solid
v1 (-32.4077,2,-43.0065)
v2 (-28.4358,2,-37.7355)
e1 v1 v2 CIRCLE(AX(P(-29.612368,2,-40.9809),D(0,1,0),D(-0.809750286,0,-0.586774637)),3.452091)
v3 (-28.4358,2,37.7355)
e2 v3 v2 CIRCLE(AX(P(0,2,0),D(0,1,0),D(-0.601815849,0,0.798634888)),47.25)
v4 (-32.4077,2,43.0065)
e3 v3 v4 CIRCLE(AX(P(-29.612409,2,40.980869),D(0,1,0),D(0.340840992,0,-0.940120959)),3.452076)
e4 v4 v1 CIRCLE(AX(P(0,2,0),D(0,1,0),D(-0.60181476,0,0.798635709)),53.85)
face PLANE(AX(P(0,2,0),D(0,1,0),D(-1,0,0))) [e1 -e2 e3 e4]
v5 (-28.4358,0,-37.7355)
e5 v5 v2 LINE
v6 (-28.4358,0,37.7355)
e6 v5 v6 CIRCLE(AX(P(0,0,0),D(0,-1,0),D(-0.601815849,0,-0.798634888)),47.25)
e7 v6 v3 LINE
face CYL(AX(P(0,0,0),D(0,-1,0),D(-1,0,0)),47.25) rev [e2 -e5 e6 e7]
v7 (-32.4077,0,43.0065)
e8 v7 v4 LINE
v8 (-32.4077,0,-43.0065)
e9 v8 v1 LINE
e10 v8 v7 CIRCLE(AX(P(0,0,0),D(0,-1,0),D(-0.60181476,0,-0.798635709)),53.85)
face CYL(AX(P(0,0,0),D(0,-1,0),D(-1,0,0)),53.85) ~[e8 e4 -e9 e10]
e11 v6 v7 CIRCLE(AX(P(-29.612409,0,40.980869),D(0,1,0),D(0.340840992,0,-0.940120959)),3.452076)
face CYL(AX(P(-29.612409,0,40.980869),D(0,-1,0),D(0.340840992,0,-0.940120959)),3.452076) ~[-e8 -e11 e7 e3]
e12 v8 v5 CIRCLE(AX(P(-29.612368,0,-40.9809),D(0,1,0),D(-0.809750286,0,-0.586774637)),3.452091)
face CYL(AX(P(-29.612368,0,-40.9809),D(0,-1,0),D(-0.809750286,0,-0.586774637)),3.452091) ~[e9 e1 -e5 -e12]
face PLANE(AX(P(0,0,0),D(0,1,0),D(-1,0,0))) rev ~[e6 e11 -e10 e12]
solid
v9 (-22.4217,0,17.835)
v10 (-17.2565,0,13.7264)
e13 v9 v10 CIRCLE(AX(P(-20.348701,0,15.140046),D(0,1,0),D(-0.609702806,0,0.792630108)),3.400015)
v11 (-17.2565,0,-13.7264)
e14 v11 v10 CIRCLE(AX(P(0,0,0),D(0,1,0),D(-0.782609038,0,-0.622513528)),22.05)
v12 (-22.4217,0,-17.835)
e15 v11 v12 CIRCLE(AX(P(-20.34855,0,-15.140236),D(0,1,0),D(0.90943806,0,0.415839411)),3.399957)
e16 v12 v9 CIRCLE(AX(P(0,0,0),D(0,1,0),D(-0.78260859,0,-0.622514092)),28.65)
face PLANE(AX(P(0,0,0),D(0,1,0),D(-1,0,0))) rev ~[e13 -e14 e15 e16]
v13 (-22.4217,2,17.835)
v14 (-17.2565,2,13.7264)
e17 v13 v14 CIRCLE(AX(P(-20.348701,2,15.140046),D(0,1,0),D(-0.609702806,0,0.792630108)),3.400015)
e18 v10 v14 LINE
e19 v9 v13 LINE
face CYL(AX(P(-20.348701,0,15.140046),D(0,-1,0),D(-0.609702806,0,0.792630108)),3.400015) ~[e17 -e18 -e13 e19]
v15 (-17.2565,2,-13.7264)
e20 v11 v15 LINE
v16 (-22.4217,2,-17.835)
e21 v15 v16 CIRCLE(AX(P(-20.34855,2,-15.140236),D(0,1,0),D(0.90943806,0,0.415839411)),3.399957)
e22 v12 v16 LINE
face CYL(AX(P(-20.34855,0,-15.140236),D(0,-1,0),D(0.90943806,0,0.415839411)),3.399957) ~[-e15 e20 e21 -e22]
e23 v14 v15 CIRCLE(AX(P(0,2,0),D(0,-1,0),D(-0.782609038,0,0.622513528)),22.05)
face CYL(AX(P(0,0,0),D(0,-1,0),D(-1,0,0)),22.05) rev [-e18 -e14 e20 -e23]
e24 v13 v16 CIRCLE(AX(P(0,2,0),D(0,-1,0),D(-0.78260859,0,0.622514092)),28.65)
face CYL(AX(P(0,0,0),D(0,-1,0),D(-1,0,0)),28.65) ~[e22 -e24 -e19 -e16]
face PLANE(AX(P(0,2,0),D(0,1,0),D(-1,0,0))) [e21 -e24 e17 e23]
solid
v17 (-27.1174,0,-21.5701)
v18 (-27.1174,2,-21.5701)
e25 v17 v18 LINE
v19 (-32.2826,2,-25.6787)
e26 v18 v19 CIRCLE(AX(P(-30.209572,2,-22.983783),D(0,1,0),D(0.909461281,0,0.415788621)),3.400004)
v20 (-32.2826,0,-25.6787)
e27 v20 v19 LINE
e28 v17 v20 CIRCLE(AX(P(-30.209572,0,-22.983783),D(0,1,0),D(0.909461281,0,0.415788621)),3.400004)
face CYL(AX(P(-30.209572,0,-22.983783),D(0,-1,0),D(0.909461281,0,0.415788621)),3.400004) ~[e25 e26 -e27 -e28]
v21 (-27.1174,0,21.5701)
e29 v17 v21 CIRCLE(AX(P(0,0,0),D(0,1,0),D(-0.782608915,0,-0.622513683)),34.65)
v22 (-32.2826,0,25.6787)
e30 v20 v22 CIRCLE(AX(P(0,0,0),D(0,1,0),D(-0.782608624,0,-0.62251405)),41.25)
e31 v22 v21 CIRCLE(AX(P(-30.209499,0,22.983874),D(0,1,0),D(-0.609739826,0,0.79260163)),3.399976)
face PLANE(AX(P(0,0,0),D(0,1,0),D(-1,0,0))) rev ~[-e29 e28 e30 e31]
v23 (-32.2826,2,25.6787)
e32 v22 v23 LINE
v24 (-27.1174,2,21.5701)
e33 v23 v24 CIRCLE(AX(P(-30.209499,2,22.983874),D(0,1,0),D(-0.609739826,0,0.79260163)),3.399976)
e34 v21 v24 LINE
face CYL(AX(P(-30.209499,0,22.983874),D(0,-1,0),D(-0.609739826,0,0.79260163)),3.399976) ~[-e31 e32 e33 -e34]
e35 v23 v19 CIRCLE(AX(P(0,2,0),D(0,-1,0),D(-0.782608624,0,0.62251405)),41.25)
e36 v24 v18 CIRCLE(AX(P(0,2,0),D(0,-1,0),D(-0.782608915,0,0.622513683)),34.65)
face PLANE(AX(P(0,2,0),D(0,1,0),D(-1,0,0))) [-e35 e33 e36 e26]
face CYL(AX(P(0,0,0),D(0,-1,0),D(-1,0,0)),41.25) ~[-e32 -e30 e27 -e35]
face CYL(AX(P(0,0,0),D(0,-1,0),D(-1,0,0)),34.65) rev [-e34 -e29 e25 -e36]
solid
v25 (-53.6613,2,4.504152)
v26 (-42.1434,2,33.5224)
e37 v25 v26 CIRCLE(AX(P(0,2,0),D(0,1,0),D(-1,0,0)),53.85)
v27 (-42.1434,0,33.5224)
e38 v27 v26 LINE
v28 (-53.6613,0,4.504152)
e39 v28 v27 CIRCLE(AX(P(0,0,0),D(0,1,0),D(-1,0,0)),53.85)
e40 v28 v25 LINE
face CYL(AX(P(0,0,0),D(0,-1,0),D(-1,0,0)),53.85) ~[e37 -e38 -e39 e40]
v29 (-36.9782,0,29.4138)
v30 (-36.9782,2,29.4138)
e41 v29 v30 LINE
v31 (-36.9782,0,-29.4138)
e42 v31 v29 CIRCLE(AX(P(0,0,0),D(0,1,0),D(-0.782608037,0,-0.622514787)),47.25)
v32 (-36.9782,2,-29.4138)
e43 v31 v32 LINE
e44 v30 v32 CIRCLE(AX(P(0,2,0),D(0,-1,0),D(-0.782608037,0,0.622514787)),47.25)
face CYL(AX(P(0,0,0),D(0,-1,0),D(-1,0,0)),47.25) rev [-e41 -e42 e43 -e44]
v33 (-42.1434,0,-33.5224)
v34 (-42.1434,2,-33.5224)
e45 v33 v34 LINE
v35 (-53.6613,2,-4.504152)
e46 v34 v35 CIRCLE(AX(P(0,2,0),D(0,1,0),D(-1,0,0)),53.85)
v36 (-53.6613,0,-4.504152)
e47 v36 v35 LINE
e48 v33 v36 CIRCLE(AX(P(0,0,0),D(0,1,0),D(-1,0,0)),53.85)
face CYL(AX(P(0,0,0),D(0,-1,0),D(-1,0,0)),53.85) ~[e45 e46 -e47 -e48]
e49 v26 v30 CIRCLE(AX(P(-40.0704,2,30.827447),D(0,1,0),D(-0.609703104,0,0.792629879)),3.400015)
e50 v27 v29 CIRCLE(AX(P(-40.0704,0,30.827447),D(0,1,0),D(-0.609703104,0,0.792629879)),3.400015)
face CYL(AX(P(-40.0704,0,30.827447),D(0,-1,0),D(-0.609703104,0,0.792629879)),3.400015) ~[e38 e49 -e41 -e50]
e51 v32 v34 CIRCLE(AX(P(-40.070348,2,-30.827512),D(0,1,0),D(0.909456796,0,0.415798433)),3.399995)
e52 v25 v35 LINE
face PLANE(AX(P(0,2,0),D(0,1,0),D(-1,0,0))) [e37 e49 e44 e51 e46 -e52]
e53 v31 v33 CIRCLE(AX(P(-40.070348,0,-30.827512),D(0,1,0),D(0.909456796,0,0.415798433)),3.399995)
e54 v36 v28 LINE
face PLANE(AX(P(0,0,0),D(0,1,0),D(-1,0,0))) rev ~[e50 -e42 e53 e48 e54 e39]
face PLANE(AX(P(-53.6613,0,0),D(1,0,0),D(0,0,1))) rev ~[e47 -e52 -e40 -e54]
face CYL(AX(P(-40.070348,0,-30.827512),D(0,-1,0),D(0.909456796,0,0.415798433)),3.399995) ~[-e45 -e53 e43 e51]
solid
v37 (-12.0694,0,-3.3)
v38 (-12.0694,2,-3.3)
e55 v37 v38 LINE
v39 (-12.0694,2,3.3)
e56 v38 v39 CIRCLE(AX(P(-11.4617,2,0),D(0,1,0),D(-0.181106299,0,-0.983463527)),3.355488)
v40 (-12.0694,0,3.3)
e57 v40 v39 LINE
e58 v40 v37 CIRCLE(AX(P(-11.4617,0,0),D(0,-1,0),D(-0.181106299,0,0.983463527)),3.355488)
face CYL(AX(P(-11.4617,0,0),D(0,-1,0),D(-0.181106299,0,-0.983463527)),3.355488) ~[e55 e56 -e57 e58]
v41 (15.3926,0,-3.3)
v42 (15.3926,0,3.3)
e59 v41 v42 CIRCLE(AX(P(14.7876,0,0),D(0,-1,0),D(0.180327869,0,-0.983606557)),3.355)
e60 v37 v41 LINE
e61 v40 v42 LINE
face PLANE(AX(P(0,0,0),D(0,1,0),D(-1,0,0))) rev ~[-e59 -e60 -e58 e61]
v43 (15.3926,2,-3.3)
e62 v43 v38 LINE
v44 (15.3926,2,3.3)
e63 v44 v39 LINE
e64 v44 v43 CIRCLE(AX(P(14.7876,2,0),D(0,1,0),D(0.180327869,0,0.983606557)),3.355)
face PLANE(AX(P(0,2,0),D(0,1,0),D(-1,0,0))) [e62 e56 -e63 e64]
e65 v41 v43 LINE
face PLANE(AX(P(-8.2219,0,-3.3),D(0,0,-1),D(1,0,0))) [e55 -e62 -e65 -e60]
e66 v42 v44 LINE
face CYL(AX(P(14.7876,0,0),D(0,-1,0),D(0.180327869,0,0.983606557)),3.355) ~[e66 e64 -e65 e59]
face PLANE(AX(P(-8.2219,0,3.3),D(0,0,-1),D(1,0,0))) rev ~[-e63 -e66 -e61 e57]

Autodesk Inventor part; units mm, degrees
ref_plane "YZ Plane" through (0, 0, 0) normal (1, 0, 0) x (0, 1, 0)
ref_plane "XZ Plane" through (0, 0, 0) normal (0, 1, 0) x (-1, 0, 0)
ref_plane "XY Plane" through (0, 0, 0) normal (0, 0, 1) x (1, 0, 0)
sketch "Sketch1" plane through (0, 0, 0) normal (0, 1, 0) x (-1, 0, 0)
  circle A0 centre (0, 0) radius 53.85
  circle A1 centre (0, 0) radius 47.25
  circle A2 centre (0, 0) radius 41.25
  circle A3 centre (0, 0) radius 28.65
  circle A4 centre (0, 0) radius 22.05
  circle A5 centre (0, 0) radius 34.65
  line L0 (0, 53.85) -> (0, -53.85) construction
  line L1 (0, 0) -> (42.1434, -33.5224)
  line L2 (0, 0) -> (32.4077, -43.0065)
  arc A6 (36.9782, -29.4138) -> (42.1434, -33.5224) centre (40.0704, -30.8275) ccw
  line L3 (39.5608, -31.4681) -> (39.9924, -30.9256) construction
  arc A7 (27.1174, -21.5701) -> (32.2826, -25.6787) centre (30.2095, -22.9838) ccw
  arc A8 (17.2565, -13.7264) -> (22.4217, -17.835) centre (20.3487, -15.1402) ccw
  arc A9 (32.4077, -43.0065) -> (28.4358, -37.7355) centre (29.6124, -40.9809) ccw
  line L4 (0, 0) -> (42.1434, 33.5224)
  line L5 (0, 0) -> (32.4077, 43.0065)
  arc A10 (42.1434, 33.5224) -> (36.9782, 29.4138) centre (40.0704, 30.8275) ccw
  line L6 (39.5608, 31.4681) -> (39.9924, 30.9256) construction
  arc A11 (32.2826, 25.6787) -> (27.1174, 21.5701) centre (30.2095, 22.9838) ccw
  arc A12 (22.4217, 17.835) -> (17.2565, 13.7264) centre (20.3487, 15.1402) ccw
  arc A13 (28.4358, 37.7355) -> (32.4077, 43.0065) centre (29.6124, 40.9809) ccw
  line L7 (47.25, 0) -> (41.25, 0)
  line L8 (34.65, 0) -> (28.65, 0)
  line L9 (22.05, 0) -> (-53.85, 0)
  line L10 (53.6613, -53.4353) -> (53.6613, 53.4353)
  line L11 (0, 0) -> (88.3768, 0)
  line L12 (12.0694, -3.3) -> (-15.3926, -3.3)
  line L13 (12.0694, 3.3) -> (-15.3926, 3.3)
  line L14 (8.2219, -3.3) -> (8.2219, 3.3)
  arc A14 (12.0694, -3.3) -> (12.0694, 3.3) centre (11.4617, 0) ccw
  arc A15 (-15.3926, 3.3) -> (-15.3926, -3.3) centre (-14.7876, 0) ccw
  point P0 (53.6613, 0)
  point P1 (0, 53.4353)
  point P2 (8.2219, 0)
  point P3 (32.4077, 43.0065)
  point P4 (27.1174, 21.5701)
  point P5 (53.6613, 4.5036)
  point P6 (36.9782, 29.4138)
  point P7 (53.6613, -4.5036)
  dimension "d3" = 94.5
  dimension "width" = 6.6
  dimension "d7" = 6.6
  dimension "d8" = 6.6
  dimension "d11" = 6
  dimension "d13" = 6
  dimension "d31" = 3.4
  dimension "d59" = 6.6
  dimension "d60" = 3.3555
  dimension "d62" = 3.355
extrude "Extrusion1" add sketch "Sketch1" along normal blind 2 contours A0 L10 L11 A1 L4 | L4 A10 | L5 A1 L9 A0 | A13 L5 | L9 A1 L2 A0 | L10 A0 L1 A1 L11 | A2 L11 A5 L4 | L4 A11 | L2 A9 | L1 A6 | A2 L1 A5 L11 | A7 L1 | A3 L11 A4 L4 | L4 A12 | A3 L1 A4 L11 | A8 L1 | L13 L14 L9 L4 | L4 L5 L13 | L5 L9 A15 L13 | A14 L12 L14 L9 | L9 L14 L13 A14 | L9 L14 L12 L1 | L1 L12 L2 | L2 L12 A15 L9
equation "\"d7\" = width"
equation "\"d8\" = width"
properties part number "BordaLogo"
